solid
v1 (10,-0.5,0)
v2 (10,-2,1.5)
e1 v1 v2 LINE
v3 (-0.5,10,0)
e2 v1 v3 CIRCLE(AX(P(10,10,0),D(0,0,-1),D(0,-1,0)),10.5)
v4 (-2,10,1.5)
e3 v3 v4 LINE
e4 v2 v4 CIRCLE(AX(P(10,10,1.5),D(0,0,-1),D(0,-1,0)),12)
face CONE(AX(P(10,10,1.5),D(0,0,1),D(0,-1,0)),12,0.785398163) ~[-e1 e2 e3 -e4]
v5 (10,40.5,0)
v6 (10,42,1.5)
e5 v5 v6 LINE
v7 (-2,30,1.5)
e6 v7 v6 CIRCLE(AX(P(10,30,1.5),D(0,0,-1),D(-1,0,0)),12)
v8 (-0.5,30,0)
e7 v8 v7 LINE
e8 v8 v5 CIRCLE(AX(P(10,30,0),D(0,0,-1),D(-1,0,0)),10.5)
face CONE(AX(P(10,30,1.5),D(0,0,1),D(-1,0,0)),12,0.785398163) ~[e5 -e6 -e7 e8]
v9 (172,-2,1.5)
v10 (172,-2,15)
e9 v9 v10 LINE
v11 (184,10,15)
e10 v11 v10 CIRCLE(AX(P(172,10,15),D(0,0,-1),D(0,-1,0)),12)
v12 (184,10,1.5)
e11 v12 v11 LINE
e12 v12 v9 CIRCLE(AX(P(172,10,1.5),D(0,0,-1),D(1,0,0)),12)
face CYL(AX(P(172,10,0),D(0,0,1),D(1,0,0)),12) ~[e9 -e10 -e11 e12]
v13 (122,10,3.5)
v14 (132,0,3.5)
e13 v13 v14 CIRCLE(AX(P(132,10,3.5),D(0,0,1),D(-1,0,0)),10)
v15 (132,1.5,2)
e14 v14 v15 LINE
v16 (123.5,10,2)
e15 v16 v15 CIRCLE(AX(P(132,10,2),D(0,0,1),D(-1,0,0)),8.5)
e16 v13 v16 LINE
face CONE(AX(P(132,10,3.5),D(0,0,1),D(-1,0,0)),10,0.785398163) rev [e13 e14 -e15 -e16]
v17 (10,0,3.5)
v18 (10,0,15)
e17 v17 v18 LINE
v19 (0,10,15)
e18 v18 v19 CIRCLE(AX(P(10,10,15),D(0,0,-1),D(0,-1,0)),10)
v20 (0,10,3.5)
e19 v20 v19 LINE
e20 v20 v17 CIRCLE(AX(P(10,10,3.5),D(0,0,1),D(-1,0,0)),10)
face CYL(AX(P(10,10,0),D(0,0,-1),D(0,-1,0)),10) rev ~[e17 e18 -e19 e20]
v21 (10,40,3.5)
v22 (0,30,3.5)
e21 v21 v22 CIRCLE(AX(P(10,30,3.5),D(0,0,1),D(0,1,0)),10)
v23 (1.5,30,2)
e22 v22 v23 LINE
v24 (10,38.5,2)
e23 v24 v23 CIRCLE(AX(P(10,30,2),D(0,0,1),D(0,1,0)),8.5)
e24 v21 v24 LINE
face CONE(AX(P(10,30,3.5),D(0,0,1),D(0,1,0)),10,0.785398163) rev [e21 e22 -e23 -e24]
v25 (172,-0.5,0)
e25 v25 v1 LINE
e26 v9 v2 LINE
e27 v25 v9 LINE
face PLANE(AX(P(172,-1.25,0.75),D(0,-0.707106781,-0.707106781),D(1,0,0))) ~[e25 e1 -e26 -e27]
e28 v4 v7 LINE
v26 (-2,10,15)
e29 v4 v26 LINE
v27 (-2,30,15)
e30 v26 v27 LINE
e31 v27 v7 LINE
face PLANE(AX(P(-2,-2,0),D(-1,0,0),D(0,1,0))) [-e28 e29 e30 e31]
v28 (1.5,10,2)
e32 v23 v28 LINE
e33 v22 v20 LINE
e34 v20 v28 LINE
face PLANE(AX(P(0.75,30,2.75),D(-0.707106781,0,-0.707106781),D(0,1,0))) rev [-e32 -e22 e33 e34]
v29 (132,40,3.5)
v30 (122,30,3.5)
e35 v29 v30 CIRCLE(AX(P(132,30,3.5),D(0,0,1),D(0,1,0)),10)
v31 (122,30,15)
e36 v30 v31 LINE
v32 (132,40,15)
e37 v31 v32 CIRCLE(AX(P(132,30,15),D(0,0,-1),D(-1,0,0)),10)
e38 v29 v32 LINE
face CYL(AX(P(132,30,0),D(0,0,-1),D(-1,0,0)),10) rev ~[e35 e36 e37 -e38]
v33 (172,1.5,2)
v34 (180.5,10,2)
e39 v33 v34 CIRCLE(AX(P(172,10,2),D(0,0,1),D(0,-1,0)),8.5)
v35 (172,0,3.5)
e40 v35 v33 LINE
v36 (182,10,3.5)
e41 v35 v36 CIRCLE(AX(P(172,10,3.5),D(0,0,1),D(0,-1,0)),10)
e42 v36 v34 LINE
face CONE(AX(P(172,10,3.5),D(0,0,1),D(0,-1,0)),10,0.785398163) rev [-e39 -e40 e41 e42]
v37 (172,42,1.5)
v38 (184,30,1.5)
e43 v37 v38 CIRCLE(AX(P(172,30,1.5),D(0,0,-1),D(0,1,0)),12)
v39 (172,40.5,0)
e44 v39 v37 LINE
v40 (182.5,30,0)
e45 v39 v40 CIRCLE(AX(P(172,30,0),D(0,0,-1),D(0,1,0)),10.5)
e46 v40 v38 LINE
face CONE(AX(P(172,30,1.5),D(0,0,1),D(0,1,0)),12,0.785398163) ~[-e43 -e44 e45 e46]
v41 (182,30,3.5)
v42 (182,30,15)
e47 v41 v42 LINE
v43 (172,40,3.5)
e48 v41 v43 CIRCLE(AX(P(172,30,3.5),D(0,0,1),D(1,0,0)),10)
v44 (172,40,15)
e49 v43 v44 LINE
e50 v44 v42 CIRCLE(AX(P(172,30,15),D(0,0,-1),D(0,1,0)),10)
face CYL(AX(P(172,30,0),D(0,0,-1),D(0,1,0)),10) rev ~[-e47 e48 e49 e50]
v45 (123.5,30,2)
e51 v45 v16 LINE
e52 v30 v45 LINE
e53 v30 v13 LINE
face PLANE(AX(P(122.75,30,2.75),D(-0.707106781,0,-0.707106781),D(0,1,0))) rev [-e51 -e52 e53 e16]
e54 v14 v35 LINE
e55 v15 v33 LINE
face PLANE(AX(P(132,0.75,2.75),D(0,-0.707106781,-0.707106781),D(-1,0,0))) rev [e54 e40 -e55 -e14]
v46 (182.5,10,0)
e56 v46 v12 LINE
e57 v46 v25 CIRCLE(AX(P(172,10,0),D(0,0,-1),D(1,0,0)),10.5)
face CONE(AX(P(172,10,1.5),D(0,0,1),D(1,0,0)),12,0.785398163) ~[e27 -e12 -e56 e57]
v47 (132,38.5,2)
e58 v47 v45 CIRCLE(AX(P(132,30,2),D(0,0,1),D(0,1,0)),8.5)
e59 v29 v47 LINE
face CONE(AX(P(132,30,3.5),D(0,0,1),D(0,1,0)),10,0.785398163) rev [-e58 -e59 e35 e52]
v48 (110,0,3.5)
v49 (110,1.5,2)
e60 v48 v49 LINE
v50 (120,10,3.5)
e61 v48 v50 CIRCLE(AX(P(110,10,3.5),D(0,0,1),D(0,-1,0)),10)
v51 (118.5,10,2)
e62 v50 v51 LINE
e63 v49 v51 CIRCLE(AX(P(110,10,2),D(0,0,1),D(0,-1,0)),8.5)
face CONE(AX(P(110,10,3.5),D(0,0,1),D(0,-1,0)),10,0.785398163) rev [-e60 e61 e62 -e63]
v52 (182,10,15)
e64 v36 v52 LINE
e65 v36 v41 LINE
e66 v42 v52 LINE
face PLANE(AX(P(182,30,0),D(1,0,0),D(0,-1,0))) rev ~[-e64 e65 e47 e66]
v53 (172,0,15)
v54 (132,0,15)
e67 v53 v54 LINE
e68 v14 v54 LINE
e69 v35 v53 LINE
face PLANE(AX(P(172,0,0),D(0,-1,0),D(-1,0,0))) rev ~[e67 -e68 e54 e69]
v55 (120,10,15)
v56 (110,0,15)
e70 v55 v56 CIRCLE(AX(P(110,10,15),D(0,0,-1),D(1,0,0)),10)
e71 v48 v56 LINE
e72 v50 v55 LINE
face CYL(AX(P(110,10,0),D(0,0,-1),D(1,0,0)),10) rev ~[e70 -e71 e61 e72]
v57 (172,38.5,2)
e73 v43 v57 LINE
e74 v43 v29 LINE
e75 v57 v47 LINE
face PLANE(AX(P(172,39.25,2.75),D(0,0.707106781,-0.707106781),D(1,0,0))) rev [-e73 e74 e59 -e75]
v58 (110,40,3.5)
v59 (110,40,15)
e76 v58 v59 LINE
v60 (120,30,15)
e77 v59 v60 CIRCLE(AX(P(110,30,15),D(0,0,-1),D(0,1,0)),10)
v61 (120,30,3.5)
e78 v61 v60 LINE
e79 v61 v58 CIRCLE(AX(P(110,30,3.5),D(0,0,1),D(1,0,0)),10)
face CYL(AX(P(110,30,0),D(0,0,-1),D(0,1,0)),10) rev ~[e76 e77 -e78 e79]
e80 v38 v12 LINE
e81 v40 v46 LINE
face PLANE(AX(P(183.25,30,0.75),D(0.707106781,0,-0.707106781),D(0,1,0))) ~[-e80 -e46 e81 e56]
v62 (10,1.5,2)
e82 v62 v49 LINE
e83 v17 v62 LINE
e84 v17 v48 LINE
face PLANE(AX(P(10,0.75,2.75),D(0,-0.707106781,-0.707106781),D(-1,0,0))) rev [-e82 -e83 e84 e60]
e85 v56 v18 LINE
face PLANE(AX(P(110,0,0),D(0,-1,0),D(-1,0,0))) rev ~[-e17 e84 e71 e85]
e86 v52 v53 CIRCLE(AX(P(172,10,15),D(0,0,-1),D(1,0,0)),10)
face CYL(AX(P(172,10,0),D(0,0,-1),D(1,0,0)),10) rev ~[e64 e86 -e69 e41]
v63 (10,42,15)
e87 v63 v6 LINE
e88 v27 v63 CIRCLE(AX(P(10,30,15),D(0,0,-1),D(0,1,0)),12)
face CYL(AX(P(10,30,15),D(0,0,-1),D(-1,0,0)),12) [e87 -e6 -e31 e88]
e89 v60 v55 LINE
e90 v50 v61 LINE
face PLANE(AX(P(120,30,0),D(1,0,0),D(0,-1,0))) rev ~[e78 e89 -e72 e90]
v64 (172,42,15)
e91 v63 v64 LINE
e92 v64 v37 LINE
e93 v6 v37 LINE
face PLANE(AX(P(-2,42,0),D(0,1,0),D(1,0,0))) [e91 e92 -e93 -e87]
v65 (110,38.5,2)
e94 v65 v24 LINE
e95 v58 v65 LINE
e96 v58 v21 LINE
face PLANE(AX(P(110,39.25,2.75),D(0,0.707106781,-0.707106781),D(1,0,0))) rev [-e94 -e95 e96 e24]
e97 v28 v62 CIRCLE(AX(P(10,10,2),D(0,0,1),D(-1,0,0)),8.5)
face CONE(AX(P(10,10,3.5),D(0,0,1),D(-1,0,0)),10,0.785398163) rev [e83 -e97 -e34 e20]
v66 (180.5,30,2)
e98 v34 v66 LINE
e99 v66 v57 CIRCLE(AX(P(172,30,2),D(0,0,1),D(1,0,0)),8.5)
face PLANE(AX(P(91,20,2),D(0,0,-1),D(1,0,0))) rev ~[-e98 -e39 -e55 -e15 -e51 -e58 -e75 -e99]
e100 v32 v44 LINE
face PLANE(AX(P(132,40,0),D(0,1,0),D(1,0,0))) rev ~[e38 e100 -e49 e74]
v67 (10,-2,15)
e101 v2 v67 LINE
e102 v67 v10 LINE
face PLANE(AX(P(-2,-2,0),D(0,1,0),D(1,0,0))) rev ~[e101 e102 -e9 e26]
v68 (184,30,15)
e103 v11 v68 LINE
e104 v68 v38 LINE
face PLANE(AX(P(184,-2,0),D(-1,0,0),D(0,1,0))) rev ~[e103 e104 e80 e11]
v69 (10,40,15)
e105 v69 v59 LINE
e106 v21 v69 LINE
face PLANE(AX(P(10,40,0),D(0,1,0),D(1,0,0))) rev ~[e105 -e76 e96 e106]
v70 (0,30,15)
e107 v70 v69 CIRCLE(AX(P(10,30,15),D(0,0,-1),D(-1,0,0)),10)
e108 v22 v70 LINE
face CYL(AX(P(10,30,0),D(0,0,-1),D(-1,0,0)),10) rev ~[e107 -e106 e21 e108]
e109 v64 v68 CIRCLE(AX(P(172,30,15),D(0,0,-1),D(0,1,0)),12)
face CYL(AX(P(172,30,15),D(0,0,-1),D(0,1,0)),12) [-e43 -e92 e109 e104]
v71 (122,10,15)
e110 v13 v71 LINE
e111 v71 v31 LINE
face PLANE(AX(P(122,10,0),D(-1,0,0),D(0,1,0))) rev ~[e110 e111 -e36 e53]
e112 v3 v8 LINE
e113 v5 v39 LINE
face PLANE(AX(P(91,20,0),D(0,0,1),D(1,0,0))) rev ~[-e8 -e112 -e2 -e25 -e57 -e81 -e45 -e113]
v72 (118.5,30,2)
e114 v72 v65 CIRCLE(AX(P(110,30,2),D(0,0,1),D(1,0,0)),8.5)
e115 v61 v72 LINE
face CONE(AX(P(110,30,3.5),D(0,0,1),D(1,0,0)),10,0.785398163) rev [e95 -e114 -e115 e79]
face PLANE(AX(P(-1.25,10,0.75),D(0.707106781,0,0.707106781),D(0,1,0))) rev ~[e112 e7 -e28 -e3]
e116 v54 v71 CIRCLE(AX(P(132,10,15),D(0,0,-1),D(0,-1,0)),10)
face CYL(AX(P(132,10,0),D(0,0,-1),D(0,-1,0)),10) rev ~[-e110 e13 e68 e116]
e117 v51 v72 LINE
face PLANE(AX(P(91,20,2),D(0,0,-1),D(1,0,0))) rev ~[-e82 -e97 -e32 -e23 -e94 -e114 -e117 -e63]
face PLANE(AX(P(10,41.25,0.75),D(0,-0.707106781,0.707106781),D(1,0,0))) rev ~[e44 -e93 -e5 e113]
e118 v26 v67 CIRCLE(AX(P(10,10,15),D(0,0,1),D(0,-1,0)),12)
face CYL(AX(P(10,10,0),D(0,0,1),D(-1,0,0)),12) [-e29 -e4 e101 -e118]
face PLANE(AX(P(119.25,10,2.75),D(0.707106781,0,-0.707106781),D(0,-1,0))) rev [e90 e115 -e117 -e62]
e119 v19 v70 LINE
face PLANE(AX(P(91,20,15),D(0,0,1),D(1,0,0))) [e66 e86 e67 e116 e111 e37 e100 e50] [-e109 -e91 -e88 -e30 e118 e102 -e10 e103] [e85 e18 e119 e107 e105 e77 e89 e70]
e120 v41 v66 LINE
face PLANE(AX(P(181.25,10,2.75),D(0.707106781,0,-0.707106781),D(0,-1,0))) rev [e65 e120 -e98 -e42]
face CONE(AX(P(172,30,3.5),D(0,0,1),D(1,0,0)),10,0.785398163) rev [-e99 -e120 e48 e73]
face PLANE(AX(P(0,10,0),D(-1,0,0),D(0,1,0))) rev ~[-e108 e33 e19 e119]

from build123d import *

# Parameters (mm, degrees)
F0_W     = 186
F0_H     = 44
F1_DEPTH = 15
F2_W     = 186
F2_H     = 44
F3_DEPTH = 2
F4_R     = 12
F5_SIZE  = 1.5


with BuildPart() as f1:
    # F0 (on Top) → F1 (new body)
    with BuildSketch(Plane.XY):
        with Locations((91, 20)):
            Rectangle(F0_W, F0_H)
        with BuildLine():
            ThreePointArc((122, 30), (124.9289321881, 37.0710678119), (132, 40))
            Line((132, 40), (172, 40))
            ThreePointArc((172, 40), (179.0710678119, 37.0710678119), (182, 30))
            Line((182, 30), (182, 10))
            ThreePointArc((182, 10), (179.0710678119, 2.9289321881), (172, 0))
            Line((172, 0), (132, 0))
            ThreePointArc((132, 0), (124.9289321881, 2.9289321881), (122, 10))
            Line((122, 10), (122, 30))
        make_face(mode=Mode.SUBTRACT)
        with BuildLine():
            Line((110, 0), (10, 0))
            ThreePointArc((10, 0), (2.9289321881, 2.9289321881), (0, 10))
            Line((0, 10), (0, 30))
            ThreePointArc((0, 30), (2.9289321881, 37.0710678119), (10, 40))
            Line((10, 40), (110, 40))
            ThreePointArc((110, 40), (117.0710678119, 37.0710678119), (120, 30))
            Line((120, 30), (120, 10))
            ThreePointArc((120, 10), (117.0710678119, 2.9289321881), (110, 0))
        make_face(mode=Mode.SUBTRACT)
    extrude(amount=F1_DEPTH)

    # F2 (on face) → F3 (join)
    with BuildSketch(Plane(origin=(0, 0, 0), x_dir=(1, 0, 0), z_dir=(0, 0, -1))):
        with Locations((91, -20)):
            Rectangle(F2_W, F2_H)
    extrude(amount=-F3_DEPTH)

    # F4
    f4_edges = [f1.edges().sort_by_distance(p)[0] for p in [
        (-2, -2, 7.5),
        (-2, 42, 7.5),
        (184, -2, 7.5),
        (184, 42, 7.5),
    ]]
    fillet(f4_edges, radius=F4_R)

    # F5
    f5_edges = [f1.edges().sort_by_distance(p)[0] for p in [
        (60, 0, 2),
        (117.071068, 2.928932, 2),
        (120, 20, 2),
        (117.071068, 37.071068, 2),
        (60, 40, 2),
        (2.928932, 37.071068, 2),
        (0, 20, 2),
        (2.928932, 2.928932, 2),
        (152, 0, 2),
        (179.071068, 2.928932, 2),
        (182, 20, 2),
        (179.071068, 37.071068, 2),
        (152, 40, 2),
        (124.928932, 37.071068, 2),
        (122, 20, 2),
        (124.928932, 2.928932, 2),
        (180.485281, 1.514719, 0),
    ]]
    chamfer(f5_edges, length=F5_SIZE)


solid = f1.part
